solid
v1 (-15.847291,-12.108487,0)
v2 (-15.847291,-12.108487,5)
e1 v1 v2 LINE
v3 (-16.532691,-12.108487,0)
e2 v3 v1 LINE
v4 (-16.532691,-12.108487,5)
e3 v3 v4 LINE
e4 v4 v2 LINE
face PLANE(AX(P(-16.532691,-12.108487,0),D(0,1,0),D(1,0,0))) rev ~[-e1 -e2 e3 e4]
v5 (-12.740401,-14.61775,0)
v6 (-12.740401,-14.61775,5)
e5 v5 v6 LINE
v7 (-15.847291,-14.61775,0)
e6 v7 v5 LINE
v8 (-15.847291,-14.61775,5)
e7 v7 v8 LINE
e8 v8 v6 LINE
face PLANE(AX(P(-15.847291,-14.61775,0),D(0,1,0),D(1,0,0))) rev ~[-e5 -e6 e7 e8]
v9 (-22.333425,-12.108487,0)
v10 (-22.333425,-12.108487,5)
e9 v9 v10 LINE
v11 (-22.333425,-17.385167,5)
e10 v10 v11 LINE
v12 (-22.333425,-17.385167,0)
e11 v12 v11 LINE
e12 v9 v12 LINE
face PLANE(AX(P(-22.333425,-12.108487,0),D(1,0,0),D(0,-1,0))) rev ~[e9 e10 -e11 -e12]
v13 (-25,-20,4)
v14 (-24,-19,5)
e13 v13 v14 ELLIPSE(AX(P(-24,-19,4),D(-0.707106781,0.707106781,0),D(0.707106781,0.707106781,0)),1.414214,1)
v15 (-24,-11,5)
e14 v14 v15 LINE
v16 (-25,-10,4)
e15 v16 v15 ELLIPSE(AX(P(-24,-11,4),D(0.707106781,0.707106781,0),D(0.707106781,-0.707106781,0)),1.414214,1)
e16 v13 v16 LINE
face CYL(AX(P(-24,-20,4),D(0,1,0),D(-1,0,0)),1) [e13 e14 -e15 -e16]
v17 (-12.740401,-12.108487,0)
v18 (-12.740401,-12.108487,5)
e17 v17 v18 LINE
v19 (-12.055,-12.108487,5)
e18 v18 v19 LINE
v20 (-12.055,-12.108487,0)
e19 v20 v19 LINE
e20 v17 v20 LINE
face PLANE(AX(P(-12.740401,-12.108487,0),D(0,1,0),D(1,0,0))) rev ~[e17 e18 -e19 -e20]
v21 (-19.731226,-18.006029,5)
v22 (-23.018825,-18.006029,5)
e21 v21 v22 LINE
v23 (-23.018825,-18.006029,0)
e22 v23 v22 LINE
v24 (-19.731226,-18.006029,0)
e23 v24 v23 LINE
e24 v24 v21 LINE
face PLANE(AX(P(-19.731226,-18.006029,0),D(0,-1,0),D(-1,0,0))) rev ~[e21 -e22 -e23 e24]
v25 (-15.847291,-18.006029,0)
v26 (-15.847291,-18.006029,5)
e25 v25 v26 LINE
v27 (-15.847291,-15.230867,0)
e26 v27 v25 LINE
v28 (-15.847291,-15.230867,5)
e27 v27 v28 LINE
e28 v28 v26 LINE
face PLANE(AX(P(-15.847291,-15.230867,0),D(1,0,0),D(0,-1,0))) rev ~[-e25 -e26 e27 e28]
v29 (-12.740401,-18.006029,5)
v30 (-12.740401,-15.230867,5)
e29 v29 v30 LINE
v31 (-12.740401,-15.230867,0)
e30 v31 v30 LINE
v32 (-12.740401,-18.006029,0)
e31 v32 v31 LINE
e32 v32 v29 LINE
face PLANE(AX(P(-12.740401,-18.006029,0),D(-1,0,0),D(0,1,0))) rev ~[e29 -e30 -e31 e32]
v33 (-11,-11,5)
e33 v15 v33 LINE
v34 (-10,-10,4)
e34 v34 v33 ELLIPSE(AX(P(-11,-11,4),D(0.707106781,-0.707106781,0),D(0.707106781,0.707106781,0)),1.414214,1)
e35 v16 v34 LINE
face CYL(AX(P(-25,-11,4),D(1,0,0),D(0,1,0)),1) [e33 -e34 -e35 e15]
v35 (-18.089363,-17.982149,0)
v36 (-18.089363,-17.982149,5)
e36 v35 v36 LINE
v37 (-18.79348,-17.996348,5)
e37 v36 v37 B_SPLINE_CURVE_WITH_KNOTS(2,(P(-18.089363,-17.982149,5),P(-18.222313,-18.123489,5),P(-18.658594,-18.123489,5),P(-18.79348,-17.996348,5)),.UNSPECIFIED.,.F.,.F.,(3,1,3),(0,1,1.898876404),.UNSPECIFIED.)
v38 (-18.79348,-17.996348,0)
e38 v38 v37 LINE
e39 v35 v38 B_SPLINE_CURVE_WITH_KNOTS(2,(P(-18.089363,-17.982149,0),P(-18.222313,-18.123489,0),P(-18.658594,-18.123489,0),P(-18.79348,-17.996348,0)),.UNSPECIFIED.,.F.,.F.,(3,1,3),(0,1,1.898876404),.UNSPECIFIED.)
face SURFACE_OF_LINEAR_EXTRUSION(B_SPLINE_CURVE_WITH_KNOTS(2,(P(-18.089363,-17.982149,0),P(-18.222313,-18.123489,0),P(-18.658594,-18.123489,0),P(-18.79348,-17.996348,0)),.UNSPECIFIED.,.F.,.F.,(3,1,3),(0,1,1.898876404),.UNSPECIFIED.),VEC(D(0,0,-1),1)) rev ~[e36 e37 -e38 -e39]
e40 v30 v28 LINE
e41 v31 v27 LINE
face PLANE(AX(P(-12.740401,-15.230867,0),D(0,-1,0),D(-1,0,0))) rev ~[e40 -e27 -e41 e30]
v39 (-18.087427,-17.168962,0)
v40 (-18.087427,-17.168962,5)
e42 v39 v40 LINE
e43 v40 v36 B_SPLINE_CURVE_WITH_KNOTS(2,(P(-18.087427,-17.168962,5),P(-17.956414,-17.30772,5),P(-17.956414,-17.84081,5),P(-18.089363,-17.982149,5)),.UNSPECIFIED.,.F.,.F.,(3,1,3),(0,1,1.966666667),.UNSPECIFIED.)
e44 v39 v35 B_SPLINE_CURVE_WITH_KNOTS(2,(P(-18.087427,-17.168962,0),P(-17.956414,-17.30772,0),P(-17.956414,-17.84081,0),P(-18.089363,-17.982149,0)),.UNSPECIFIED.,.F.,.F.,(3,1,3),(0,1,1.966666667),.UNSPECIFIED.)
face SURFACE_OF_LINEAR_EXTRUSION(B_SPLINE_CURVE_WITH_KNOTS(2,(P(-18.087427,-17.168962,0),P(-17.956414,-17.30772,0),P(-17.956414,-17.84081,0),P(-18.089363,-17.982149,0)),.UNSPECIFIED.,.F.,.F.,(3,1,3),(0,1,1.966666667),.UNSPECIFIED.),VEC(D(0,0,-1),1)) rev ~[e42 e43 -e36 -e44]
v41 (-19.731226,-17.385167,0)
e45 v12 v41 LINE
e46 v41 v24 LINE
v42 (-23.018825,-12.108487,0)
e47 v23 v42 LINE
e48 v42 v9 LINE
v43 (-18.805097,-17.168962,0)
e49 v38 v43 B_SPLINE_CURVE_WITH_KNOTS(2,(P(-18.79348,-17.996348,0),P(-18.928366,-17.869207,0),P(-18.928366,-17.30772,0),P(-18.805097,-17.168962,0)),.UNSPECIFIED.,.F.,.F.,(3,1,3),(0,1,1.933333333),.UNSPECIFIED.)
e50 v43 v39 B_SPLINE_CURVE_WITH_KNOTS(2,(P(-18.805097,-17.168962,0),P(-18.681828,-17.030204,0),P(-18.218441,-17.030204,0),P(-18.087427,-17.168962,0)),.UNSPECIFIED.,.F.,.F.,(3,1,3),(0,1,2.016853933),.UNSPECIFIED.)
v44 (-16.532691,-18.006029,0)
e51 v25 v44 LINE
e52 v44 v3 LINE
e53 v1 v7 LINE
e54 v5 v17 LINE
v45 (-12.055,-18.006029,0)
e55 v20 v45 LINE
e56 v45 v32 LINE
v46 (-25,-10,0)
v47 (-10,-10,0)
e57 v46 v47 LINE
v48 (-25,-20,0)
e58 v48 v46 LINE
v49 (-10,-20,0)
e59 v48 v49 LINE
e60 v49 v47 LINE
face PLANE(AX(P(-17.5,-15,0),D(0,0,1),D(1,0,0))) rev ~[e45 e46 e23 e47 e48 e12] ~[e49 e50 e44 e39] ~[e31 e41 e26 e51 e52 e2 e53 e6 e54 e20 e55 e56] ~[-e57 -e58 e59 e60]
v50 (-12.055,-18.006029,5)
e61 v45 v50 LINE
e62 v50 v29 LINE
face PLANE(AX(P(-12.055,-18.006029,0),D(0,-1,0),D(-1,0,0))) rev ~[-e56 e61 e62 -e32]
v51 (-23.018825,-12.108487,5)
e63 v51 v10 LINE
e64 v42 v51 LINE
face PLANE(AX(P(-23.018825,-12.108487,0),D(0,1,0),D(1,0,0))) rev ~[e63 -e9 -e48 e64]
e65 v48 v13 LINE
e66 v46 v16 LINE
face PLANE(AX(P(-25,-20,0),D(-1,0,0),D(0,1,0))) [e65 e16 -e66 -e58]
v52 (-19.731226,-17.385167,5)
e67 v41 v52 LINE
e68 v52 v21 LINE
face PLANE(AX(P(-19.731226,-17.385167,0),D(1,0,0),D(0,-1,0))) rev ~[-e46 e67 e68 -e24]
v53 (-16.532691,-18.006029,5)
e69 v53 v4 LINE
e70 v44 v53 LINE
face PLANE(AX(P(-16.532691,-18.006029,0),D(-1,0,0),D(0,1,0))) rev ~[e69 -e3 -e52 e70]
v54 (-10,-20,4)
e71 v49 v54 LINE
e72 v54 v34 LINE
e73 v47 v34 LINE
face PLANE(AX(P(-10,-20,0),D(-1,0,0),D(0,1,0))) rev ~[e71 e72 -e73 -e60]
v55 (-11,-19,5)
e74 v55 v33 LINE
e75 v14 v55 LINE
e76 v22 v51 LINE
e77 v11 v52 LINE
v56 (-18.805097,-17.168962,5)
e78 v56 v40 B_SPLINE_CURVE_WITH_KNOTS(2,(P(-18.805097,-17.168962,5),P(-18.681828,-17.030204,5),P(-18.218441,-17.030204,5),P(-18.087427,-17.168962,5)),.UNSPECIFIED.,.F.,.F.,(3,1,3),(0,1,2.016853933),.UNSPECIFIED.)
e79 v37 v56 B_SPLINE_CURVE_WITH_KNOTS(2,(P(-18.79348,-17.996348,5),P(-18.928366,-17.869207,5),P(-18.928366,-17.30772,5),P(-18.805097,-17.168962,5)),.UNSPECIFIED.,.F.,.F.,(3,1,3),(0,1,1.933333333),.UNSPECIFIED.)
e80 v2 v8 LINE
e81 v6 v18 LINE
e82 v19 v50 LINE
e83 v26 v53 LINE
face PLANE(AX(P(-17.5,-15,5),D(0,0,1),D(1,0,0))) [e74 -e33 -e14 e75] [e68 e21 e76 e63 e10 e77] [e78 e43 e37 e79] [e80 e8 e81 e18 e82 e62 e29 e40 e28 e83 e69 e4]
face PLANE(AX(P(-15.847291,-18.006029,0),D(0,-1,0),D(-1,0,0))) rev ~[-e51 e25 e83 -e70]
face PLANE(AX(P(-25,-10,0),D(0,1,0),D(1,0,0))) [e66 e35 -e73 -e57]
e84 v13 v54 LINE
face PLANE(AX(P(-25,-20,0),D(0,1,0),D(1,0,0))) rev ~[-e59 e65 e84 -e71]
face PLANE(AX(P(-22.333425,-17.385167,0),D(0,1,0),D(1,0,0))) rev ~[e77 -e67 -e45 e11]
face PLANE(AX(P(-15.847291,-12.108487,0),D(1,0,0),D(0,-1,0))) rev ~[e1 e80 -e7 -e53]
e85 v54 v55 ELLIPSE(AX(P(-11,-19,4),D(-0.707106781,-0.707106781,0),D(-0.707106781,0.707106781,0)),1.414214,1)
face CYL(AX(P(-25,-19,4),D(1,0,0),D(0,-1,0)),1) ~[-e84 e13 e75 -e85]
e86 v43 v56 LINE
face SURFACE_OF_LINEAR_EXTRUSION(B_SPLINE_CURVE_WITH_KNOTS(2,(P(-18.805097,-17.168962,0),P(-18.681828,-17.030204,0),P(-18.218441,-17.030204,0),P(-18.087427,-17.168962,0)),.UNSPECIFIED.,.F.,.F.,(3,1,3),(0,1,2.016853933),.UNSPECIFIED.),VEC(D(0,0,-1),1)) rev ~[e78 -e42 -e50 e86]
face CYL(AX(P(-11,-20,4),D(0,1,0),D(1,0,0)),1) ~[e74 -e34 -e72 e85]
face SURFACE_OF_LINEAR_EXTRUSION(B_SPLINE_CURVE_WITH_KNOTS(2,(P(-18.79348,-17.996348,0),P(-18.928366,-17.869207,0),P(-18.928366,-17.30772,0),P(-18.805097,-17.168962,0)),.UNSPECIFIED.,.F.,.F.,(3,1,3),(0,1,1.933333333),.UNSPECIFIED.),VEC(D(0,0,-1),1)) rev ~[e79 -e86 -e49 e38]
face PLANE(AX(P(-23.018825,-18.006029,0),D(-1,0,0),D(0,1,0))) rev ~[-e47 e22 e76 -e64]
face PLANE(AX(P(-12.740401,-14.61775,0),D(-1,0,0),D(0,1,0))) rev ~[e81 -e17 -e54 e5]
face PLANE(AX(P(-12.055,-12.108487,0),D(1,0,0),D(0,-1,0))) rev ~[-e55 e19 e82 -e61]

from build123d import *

# Parameters (mm, degrees)
F0_W     = 15
F0_H     = 10
F1_DEPTH = 5
F2_R     = 1


with BuildPart() as f1:
    # F0 (on Top) → F1 (new body)
    with BuildSketch(Plane.XY):
        with Locations((-17.5, -15)):
            Rectangle(F0_W, F0_H)
        with BuildLine():
            add(Edge.make_bspline(
                [(-18.7934799951, -17.996347811), (-18.9283657599, -17.8692066834), (-18.9283657599, -17.578782788)],
                knots=[0, 0, 0, 1, 1, 1], degree=2))
            add(Edge.make_bspline(
                [(-18.9283657599, -17.578782788), (-18.9283657599, -17.3077204856), (-18.8050969509, -17.1689624022)],
                knots=[0, 0, 0, 1, 1, 1], degree=2))
            add(Edge.make_bspline(
                [(-18.8050969509, -17.1689624022), (-18.681828142, -17.0302043189), (-18.4520705714, -17.0302043189)],
                knots=[0, 0, 0, 1, 1, 1], degree=2))
            add(Edge.make_bspline(
                [(-18.4520705714, -17.0302043189), (-18.2184406822, -17.0302043189), (-18.087427236, -17.1689624022)],
                knots=[0, 0, 0, 1, 1, 1], degree=2))
            add(Edge.make_bspline(
                [(-18.087427236, -17.1689624022), (-17.9564137899, -17.3077204856), (-17.9564137899, -17.578782788)],
                knots=[0, 0, 0, 1, 1, 1], degree=2))
            add(Edge.make_bspline(
                [(-17.9564137899, -17.578782788), (-17.9564137899, -17.8408096803), (-18.0893633953, -17.9821493094)],
                knots=[0, 0, 0, 1, 1, 1], degree=2))
            add(Edge.make_bspline(
                [(-18.0893633953, -17.9821493094), (-18.2223130008, -18.1234889385), (-18.4520705714, -18.1234889385)],
                knots=[0, 0, 0, 1, 1, 1], degree=2))
            add(Edge.make_bspline(
                [(-18.4520705714, -18.1234889385), (-18.6585942303, -18.1234889385), (-18.7934799951, -17.996347811)],
                knots=[0, 0, 0, 1, 1, 1], degree=2))
        make_face(mode=Mode.SUBTRACT)
        Polygon((-19.7312264841, -18.0060286075), (-23.0188249803, -18.0060286075), (-23.0188249803, -12.1084873711), (-22.3334245871, -12.1084873711), (-22.3334245871, -17.3851668577), (-19.7312264841, -17.3851668577), align=None, mode=Mode.SUBTRACT)
        Polygon((-12.0550002349, -12.1084873711), (-12.0550002349, -18.0060286075), (-12.7404006281, -18.0060286075), (-12.7404006281, -15.2308669401), (-15.8472909227, -15.2308669401), (-15.8472909227, -18.0060286075), (-16.5326913159, -18.0060286075), (-16.5326913159, -12.1084873711), (-15.8472909227, -12.1084873711), (-15.8472909227, -14.6177498276), (-12.7404006281, -14.6177498276), (-12.7404006281, -12.1084873711), align=None, mode=Mode.SUBTRACT)
    extrude(amount=F1_DEPTH)

    # F2
    f2_edges = [f1.edges().sort_by_distance(p)[0] for p in [
        (-10, -15, 5),
        (-17.5, -10, 5),
        (-17.5, -20, 5),
        (-25, -15, 5),
    ]]
    fillet(f2_edges, radius=F2_R)


solid = f1.part
